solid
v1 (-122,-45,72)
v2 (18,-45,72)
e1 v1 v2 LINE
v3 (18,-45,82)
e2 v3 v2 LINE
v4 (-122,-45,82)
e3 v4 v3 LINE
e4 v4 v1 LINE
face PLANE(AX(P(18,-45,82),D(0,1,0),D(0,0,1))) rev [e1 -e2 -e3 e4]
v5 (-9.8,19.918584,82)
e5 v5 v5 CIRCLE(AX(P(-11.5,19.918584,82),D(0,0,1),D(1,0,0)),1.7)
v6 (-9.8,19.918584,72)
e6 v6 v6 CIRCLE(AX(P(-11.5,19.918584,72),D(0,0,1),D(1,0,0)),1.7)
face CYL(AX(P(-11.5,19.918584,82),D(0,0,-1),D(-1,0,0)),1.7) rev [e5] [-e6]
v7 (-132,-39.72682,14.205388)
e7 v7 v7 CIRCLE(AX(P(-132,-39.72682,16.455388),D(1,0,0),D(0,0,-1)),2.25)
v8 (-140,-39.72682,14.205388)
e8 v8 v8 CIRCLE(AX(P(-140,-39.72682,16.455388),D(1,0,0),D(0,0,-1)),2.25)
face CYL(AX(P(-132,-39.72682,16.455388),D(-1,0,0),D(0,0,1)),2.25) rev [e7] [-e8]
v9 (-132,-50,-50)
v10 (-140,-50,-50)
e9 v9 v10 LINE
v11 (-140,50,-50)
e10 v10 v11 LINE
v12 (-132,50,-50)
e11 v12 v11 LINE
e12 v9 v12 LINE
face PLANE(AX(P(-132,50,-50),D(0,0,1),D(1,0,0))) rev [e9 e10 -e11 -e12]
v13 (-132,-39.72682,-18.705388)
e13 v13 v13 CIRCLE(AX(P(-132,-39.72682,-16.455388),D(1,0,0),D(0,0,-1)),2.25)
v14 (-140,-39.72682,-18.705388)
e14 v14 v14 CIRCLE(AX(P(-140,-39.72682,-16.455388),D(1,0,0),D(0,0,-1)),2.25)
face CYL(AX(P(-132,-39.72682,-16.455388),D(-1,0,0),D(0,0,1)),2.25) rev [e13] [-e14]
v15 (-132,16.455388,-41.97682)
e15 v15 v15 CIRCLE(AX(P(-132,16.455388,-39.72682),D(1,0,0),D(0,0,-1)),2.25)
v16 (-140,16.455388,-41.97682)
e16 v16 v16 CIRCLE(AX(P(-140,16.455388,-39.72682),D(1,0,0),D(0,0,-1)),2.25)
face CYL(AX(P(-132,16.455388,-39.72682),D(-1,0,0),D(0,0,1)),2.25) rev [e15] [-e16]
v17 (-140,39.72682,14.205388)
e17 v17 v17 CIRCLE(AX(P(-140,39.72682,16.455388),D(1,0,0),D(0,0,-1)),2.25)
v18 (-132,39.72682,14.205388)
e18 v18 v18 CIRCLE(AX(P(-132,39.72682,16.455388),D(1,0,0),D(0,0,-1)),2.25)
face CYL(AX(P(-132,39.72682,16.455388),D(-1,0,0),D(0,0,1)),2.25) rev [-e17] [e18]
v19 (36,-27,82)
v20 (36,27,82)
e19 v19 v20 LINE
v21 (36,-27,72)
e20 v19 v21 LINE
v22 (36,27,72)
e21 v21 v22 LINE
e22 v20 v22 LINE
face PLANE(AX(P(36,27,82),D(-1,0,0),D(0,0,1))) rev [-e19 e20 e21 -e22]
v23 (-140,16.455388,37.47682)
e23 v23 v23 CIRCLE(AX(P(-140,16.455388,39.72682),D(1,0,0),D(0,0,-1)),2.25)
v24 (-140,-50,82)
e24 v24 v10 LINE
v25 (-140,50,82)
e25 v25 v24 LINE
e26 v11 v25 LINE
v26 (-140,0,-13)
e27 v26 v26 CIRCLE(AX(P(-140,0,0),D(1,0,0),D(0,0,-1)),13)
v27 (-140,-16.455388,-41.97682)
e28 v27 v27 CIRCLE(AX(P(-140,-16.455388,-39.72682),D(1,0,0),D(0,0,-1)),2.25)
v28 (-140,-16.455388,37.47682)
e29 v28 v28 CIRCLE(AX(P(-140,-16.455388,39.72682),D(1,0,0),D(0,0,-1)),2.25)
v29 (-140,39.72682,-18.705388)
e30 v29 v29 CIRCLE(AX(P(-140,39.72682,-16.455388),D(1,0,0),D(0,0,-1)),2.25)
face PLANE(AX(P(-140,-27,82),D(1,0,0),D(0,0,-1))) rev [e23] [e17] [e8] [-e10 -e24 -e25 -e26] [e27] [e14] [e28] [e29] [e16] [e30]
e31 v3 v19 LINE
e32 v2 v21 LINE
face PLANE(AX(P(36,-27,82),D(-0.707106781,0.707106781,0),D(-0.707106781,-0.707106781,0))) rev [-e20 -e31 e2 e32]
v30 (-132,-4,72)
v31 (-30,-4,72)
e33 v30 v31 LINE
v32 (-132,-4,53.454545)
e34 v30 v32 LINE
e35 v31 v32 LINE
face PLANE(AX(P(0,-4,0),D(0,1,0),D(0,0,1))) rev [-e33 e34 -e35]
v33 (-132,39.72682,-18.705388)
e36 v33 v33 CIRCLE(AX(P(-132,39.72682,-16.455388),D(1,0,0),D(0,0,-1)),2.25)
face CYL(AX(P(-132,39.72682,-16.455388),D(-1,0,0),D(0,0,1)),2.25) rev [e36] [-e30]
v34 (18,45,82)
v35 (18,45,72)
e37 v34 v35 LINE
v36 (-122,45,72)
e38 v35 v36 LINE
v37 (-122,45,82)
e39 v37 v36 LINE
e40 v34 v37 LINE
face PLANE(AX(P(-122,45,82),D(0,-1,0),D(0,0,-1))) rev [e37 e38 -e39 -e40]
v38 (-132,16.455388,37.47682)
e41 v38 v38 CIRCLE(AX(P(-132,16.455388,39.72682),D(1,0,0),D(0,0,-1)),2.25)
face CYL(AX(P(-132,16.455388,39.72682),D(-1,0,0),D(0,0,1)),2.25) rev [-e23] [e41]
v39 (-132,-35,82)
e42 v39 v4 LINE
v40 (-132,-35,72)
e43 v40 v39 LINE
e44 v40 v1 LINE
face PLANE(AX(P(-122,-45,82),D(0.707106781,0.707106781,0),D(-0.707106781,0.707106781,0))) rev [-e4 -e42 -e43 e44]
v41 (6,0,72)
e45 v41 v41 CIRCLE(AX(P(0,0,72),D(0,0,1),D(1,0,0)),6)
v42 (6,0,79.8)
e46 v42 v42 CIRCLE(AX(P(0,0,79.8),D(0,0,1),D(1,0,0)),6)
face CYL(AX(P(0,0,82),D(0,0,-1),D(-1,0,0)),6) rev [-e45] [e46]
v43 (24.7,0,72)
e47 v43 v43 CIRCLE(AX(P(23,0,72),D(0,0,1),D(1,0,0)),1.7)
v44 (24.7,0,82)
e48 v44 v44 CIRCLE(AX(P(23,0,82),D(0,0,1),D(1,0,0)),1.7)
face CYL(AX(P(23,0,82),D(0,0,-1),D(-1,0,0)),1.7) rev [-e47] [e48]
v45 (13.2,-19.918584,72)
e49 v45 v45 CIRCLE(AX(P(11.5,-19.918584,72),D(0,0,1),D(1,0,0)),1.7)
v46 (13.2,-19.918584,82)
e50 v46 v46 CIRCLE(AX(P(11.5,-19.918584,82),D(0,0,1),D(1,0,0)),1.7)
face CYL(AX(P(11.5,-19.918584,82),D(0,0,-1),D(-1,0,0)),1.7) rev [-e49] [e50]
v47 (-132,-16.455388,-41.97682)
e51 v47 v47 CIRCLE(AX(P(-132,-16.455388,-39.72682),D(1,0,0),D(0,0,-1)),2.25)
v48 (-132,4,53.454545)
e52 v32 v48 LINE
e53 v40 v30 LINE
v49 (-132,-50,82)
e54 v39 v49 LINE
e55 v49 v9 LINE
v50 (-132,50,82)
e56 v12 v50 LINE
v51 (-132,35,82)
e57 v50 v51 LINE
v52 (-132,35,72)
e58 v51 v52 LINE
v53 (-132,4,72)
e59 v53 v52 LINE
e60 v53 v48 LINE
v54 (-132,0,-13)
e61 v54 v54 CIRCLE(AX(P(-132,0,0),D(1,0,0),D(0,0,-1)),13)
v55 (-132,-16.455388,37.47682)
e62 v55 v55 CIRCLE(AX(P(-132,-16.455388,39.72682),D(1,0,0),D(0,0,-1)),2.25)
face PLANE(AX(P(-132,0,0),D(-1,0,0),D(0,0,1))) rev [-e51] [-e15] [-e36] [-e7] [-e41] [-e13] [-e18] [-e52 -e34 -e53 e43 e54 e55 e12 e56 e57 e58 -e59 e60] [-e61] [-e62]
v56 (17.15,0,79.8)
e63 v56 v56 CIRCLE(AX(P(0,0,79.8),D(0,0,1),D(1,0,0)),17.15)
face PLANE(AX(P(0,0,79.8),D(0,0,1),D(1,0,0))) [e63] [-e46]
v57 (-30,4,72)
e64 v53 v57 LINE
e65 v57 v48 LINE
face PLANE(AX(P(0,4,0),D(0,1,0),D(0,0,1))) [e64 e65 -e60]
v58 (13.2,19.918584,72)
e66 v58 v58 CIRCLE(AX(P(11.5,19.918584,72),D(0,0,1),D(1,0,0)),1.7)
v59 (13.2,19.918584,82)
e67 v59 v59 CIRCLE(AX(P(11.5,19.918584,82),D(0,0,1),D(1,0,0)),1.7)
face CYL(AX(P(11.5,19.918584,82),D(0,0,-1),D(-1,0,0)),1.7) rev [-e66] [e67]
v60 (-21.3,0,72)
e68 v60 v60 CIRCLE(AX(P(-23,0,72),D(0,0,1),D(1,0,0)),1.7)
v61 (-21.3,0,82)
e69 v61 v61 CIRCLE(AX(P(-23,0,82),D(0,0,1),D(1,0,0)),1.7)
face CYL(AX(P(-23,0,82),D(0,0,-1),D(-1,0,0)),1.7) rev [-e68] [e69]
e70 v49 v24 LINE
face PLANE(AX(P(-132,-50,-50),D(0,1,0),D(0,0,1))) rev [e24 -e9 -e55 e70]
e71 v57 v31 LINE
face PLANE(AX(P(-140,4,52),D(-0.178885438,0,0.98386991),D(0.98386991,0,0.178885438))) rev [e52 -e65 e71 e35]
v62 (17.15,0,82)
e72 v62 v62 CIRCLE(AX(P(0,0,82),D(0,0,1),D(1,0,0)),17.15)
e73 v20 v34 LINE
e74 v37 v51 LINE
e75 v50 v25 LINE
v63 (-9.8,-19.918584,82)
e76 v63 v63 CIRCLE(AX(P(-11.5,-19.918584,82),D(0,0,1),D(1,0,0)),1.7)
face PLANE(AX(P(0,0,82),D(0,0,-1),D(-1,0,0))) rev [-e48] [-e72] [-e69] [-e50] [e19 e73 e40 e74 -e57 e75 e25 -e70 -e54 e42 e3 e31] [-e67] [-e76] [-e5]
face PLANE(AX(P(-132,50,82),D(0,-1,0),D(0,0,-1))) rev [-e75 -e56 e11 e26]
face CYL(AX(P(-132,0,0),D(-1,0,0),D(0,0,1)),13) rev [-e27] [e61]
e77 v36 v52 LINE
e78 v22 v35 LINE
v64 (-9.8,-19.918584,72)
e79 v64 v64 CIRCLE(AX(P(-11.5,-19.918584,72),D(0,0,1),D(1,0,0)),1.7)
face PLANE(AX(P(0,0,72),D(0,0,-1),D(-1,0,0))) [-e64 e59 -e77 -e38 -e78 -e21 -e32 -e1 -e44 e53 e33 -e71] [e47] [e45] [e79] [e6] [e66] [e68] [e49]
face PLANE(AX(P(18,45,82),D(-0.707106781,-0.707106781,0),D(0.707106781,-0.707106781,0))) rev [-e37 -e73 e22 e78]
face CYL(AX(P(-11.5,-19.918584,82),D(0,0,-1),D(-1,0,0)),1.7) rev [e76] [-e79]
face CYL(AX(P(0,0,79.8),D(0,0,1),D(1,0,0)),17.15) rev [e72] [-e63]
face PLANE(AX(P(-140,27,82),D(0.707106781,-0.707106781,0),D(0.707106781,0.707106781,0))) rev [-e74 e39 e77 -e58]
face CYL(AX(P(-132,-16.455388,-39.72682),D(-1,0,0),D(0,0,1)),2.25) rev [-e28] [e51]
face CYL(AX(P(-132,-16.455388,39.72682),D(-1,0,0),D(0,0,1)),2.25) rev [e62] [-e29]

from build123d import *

# Parameters (mm, degrees)
SK_TOP_PLATE_R         = 1.7
SK_TOP_PLATE_R_2       = 6
TOP_PLATE_DEPTH        = 10
SK_YAW_PILOT_RECESS_R  = 17.15
YAW_PILOT_RECESS_DEPTH = 2.2
SK_BACK_PLATE_W        = 132
SK_BACK_PLATE_H        = 100
SK_BACK_PLATE_R        = 2.25
SK_BACK_PLATE_R_2      = 13
BACK_PLATE_DEPTH       = 8
RIB_DEPTH              = 8


with BuildPart() as part:
    # SK_Top_Plate → Top_Plate (new body)
    with BuildSketch(Plane.XY.offset(72)):
        Polygon((-122, 45), (18, 45), (36, 27), (36, -27), (18, -45), (-122, -45), (-140, -27), (-140, 27), align=None)
        with Locations((23, 0)):
            Circle(SK_TOP_PLATE_R, mode=Mode.SUBTRACT)
        with Locations((11.5, -19.918584287)):
            Circle(SK_TOP_PLATE_R, mode=Mode.SUBTRACT)
        with Locations((-11.5, -19.918584287)):
            Circle(SK_TOP_PLATE_R, mode=Mode.SUBTRACT)
        with Locations((-23, 0)):
            Circle(SK_TOP_PLATE_R, mode=Mode.SUBTRACT)
        with Locations((-11.5, 19.918584287)):
            Circle(SK_TOP_PLATE_R, mode=Mode.SUBTRACT)
        with Locations((11.5, 19.918584287)):
            Circle(SK_TOP_PLATE_R, mode=Mode.SUBTRACT)
        Circle(SK_TOP_PLATE_R_2, mode=Mode.SUBTRACT)
    extrude(amount=TOP_PLATE_DEPTH)

    # SK_Yaw_Pilot_Recess → Yaw_Pilot_Recess (cut)
    with BuildSketch(Plane.XY.offset(82)):
        Circle(SK_YAW_PILOT_RECESS_R)
    extrude(amount=-YAW_PILOT_RECESS_DEPTH, mode=Mode.SUBTRACT)

    # SK_Back_Plate → Back_Plate (add)
    with BuildSketch(Plane(origin=(-140, 0, 0), x_dir=(0, 0, -1), z_dir=(1, 0, 0))):
        with Locations((-16, 0)):
            Rectangle(SK_BACK_PLATE_W, SK_BACK_PLATE_H)
        with Locations((39.726819898, -16.455387592)):
            Circle(SK_BACK_PLATE_R, mode=Mode.SUBTRACT)
        with Locations((16.455387592, -39.726819898)):
            Circle(SK_BACK_PLATE_R, mode=Mode.SUBTRACT)
        with Locations((-16.455387592, -39.726819898)):
            Circle(SK_BACK_PLATE_R, mode=Mode.SUBTRACT)
        with Locations((-39.726819898, -16.455387592)):
            Circle(SK_BACK_PLATE_R, mode=Mode.SUBTRACT)
        with Locations((-39.726819898, 16.455387592)):
            Circle(SK_BACK_PLATE_R, mode=Mode.SUBTRACT)
        with Locations((-16.455387592, 39.726819898)):
            Circle(SK_BACK_PLATE_R, mode=Mode.SUBTRACT)
        with Locations((16.455387592, 39.726819898)):
            Circle(SK_BACK_PLATE_R, mode=Mode.SUBTRACT)
        with Locations((39.726819898, 16.455387592)):
            Circle(SK_BACK_PLATE_R, mode=Mode.SUBTRACT)
        Circle(SK_BACK_PLATE_R_2, mode=Mode.SUBTRACT)
    extrude(amount=BACK_PLATE_DEPTH)

    # SK_Rib → Rib (add)
    with BuildSketch(Plane(origin=(0, -4, 0), x_dir=(1, 0, 0), z_dir=(0, 1, 0))):
        Polygon((-140, -52), (-30, -72), (-140, -72), align=None)
    extrude(amount=RIB_DEPTH)


solid = part.part
